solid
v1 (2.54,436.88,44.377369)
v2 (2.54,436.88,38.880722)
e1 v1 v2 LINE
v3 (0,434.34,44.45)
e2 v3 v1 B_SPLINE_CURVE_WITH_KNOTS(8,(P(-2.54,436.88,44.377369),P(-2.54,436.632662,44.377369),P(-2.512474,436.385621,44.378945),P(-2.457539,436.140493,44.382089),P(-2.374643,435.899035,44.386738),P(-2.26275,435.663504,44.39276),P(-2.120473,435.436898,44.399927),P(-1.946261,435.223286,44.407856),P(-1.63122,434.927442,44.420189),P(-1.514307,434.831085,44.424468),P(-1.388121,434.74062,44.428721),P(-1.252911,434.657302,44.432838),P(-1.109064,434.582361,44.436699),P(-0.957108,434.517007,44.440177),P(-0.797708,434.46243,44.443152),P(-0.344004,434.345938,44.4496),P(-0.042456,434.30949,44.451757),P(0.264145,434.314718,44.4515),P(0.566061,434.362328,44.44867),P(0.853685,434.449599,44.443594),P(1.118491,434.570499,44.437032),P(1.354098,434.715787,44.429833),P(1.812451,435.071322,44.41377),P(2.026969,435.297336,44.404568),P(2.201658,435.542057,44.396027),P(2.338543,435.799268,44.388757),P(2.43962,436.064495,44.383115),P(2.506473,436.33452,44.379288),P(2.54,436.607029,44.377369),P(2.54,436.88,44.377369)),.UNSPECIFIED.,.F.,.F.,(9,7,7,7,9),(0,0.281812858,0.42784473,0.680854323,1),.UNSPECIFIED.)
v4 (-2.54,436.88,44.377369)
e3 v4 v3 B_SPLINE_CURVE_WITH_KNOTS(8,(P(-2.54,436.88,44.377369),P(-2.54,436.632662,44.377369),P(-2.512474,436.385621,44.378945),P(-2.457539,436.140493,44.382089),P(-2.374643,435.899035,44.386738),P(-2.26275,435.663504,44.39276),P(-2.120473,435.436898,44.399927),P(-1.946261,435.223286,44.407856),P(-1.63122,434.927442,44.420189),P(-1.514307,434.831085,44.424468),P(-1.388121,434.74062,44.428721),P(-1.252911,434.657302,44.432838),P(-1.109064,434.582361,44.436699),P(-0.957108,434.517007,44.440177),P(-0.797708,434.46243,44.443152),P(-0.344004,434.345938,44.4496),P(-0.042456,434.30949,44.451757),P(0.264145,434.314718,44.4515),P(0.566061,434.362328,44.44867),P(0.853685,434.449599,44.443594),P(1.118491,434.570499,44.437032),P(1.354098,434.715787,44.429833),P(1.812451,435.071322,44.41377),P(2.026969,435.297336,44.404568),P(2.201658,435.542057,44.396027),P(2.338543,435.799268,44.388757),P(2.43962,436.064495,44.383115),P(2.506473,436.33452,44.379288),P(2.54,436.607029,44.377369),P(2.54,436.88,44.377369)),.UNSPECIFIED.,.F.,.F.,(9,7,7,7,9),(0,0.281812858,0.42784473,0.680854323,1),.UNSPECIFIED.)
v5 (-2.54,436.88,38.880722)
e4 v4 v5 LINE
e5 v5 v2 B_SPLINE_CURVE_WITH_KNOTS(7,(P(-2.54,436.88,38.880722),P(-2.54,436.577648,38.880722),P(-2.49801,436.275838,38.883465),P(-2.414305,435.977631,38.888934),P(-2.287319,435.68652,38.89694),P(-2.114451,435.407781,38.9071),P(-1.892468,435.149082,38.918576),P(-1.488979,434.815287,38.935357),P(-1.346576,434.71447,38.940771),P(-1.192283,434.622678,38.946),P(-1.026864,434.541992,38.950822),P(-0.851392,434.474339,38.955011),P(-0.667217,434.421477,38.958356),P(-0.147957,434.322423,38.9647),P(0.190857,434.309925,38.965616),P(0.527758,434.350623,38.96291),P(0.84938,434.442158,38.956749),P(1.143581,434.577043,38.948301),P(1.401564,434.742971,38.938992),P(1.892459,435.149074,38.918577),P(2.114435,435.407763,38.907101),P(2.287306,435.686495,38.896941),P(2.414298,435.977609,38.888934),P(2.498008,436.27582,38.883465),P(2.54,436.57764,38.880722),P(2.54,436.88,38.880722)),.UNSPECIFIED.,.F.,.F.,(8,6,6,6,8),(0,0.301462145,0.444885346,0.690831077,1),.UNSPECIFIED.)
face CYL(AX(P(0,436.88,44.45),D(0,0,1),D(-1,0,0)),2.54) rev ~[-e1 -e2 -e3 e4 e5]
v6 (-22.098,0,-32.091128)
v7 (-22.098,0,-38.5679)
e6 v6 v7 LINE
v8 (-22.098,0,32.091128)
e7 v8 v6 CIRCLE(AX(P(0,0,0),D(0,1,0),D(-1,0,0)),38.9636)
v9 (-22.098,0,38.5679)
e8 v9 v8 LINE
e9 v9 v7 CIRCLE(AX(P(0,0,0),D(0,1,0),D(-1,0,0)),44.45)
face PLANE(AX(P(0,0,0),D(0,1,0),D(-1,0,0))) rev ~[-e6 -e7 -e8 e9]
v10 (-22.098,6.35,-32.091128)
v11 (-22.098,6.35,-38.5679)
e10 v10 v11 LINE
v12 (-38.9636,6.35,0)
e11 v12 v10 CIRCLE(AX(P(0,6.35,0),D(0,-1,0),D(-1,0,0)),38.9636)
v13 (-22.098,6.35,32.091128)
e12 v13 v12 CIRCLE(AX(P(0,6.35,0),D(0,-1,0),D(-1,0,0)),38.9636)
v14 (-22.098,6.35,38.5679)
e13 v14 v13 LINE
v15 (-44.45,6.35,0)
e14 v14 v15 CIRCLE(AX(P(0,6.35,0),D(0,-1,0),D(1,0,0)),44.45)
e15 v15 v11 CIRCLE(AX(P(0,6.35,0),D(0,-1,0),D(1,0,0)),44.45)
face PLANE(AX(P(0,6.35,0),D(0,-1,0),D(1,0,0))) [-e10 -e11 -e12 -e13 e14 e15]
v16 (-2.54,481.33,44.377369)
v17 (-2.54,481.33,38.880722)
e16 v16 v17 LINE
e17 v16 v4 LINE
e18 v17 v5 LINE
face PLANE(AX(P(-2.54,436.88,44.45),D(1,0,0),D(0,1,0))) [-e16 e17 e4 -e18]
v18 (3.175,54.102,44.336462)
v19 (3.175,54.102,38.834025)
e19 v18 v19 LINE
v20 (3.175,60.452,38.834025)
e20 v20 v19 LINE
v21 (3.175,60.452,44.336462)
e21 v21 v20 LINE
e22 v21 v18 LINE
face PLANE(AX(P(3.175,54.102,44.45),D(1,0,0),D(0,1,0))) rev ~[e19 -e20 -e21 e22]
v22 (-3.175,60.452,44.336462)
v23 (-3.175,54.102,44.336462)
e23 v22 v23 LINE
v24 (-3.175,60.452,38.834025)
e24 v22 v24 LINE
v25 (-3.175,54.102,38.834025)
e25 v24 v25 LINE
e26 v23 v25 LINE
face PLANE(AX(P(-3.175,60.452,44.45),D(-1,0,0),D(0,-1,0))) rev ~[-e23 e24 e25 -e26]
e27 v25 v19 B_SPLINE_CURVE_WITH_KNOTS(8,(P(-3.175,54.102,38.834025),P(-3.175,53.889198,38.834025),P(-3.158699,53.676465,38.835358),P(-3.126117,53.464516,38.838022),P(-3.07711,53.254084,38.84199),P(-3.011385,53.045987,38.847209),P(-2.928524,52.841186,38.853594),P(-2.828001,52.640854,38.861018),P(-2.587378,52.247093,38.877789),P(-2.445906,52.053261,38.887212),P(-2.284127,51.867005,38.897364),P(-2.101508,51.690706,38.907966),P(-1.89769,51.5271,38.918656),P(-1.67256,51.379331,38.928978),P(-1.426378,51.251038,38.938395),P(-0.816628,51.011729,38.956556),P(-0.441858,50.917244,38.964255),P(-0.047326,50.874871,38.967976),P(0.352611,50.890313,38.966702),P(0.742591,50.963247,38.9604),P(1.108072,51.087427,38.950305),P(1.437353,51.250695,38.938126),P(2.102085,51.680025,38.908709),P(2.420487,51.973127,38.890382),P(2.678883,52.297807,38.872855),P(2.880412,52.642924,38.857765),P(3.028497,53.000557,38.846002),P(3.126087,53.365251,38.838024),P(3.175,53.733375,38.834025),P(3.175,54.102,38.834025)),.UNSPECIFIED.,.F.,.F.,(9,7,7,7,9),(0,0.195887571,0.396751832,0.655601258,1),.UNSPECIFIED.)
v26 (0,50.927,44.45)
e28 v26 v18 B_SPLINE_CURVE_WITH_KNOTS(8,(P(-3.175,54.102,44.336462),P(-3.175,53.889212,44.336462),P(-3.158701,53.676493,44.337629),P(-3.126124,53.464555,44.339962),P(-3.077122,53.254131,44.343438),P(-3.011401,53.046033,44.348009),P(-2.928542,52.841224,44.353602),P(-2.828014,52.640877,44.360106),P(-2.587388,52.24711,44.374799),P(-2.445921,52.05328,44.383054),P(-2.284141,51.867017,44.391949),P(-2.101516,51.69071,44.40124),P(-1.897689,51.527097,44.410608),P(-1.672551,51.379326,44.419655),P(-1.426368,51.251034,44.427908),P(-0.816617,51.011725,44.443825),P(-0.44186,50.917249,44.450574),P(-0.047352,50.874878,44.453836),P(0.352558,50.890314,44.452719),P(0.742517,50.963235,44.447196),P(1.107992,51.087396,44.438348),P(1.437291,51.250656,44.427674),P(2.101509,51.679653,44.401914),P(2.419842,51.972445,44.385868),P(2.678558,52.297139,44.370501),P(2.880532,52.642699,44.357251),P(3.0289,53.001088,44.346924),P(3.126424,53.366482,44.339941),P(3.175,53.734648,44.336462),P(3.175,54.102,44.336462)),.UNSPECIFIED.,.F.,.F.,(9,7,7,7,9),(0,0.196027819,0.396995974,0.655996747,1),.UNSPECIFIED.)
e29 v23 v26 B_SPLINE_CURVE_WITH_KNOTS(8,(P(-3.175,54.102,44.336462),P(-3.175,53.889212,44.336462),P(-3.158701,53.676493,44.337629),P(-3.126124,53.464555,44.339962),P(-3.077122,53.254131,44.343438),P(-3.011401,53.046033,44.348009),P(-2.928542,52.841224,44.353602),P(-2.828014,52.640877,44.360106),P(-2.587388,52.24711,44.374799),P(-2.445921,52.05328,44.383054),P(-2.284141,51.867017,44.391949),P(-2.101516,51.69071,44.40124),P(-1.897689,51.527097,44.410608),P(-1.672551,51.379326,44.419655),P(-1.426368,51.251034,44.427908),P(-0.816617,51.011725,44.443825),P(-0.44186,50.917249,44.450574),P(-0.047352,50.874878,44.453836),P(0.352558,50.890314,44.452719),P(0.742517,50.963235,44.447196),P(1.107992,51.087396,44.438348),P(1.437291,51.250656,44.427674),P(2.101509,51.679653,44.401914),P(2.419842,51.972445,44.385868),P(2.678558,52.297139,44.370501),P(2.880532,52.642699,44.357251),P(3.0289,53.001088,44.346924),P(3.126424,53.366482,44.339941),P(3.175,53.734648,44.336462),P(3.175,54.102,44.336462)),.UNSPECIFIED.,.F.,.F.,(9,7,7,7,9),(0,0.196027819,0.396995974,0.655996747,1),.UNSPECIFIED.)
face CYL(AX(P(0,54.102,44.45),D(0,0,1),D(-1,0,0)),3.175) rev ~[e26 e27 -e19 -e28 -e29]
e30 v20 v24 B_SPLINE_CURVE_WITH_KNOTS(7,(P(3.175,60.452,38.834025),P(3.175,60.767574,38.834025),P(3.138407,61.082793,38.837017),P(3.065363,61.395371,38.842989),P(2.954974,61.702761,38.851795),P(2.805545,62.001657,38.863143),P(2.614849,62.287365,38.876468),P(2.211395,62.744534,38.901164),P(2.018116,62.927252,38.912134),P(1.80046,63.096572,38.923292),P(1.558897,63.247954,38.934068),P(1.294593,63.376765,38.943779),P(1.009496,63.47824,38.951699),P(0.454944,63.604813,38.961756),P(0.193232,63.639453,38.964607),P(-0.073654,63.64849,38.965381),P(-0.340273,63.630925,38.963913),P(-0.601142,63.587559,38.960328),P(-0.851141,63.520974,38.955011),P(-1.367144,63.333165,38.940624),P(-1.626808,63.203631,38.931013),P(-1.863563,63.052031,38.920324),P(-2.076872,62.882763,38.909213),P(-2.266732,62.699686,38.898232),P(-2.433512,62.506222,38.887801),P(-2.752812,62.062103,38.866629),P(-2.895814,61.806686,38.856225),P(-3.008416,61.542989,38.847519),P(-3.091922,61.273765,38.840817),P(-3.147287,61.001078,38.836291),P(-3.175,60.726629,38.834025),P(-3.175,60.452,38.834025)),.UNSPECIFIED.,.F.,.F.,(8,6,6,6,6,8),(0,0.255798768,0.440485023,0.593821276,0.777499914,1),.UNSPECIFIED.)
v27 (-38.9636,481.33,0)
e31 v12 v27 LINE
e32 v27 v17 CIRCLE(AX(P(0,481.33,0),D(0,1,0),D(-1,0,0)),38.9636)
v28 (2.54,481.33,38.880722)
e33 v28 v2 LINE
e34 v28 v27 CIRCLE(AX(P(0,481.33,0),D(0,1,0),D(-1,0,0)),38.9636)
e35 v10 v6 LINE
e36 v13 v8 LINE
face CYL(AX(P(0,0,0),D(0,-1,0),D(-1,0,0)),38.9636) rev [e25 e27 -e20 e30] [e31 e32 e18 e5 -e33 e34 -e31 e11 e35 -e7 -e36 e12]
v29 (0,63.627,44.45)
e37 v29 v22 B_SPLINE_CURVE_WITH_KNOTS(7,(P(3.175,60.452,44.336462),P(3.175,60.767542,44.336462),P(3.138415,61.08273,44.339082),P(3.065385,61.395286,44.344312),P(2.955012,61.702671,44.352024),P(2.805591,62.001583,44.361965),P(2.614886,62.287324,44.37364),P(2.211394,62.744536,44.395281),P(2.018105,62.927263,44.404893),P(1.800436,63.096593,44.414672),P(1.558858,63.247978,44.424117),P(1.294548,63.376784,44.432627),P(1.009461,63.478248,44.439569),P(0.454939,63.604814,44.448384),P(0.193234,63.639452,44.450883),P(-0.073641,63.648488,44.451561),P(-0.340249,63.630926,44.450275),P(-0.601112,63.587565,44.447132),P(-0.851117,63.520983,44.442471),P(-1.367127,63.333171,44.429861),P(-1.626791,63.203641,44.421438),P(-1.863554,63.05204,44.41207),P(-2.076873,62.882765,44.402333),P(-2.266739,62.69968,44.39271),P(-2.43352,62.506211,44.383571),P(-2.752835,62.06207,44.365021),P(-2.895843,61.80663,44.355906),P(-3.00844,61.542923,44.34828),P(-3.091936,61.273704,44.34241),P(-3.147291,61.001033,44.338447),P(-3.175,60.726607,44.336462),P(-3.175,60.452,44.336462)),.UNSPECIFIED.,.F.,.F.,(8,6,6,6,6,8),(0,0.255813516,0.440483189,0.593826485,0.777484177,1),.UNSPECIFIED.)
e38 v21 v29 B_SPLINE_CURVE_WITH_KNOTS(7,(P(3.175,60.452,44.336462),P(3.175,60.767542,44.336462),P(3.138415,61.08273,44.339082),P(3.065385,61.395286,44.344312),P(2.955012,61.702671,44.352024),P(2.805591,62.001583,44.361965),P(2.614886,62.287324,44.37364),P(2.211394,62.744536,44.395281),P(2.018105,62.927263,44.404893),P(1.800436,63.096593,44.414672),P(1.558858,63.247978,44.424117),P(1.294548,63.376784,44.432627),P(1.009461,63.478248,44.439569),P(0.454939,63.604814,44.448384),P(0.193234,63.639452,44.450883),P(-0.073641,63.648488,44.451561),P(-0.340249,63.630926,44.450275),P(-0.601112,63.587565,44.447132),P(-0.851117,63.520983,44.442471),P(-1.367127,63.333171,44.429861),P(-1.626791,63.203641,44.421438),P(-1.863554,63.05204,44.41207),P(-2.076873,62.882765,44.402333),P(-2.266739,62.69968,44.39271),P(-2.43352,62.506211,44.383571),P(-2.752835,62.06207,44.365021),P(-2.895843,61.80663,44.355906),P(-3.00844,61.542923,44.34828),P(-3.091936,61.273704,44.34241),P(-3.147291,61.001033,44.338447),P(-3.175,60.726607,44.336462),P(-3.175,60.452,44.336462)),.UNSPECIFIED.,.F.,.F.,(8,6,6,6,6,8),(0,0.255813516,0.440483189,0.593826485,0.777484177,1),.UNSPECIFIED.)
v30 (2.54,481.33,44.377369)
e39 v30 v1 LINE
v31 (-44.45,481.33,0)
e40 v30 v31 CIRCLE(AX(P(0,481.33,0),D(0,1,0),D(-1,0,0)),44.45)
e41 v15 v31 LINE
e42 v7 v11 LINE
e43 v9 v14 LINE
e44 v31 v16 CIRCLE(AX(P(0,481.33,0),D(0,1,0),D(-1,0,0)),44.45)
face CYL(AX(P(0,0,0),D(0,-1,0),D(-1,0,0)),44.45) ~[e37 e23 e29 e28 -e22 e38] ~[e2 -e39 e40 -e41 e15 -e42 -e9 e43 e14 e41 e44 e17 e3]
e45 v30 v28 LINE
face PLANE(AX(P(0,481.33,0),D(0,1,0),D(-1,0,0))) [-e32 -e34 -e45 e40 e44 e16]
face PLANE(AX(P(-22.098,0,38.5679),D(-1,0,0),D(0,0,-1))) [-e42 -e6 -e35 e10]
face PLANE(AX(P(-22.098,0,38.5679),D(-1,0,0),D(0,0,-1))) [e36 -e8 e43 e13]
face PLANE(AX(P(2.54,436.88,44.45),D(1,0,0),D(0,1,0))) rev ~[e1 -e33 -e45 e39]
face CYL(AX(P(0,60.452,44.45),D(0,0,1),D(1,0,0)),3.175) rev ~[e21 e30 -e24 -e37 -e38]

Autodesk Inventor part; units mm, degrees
ref_plane "YZ Plane" through (0, 0, 0) normal (1, 0, 0) x (0, 1, 0)
ref_plane "XZ Plane" through (0, 0, 0) normal (0, 1, 0) x (-1, 0, 0)
sketch "Sketch1" plane through (0, 0, 0) normal (0, 1, 0) x (-1, 0, 0)
  circle A0 centre (0, 0) radius 44.45
  circle A1 centre (0, 0) radius 38.9636
  dimension "d0" = 88.9
  dimension "d1" = 5.4864
extrude "Extrusion1" add sketch "Sketch1" along normal blind 481.33
ref_plane "Work Plane1" through (0, 0, 44.45) normal (0, 0, 1) x (1, 0, 0)
sketch "Sketch2" plane through (0, 0, 44.45) normal (0, 0, 1) x (1, 0, 0)
  arc A0 (-2.54, 436.88) -> (2.54, 436.88) centre (0, 436.88) ccw
  line L0 (44.45, 481.33) -> (-44.45, 481.33) projected
  line L1 (-2.54, 436.88) -> (-2.54, 481.33)
  line L2 (2.54, 436.88) -> (2.54, 481.33)
  point P0 (0, 0)
  dimension "d5" = 44.45
  dimension "d6" = 5.08
extrude "Extrusion2" cut sketch "Sketch2" against normal blind 25.4
sketch "Sketch4" plane through (0, 0, 44.45) normal (0, 0, 1) x (1, 0, 0)
  line L0 (0, 54.102) -> (0, 60.452) construction
  line L1 (3.175, 54.102) -> (3.175, 60.452)
  line L2 (-3.175, 60.452) -> (-3.175, 54.102)
  arc A0 (-3.175, 54.102) -> (3.175, 54.102) centre (0, 54.102) ccw
  arc A1 (3.175, 60.452) -> (-3.175, 60.452) centre (0, 60.452) ccw
  point P0 (0, 0)
  point P1 (0, 57.277)
  dimension "d18" = 6.35
  dimension "d19" = 6.35
  dimension "d20" = 54.102
extrude "Extrusion3" cut sketch "Sketch4" against normal blind 25.4
sketch "Sketch5" plane through (0, 0, 0) normal (0, -1, 0) x (1, 0, 0)
  circle A0 centre (0, 0) radius 44.45 projected
  line L0 (-22.098, 38.5679) -> (-22.098, -38.5679)
  point P0 (-44.45, 0)
  dimension "d23" = 22.352
extrude "Extrusion4" cut sketch "Sketch5" against normal blind 6.35 contours L0 A0 picked at (-24.6172, 11.037)
properties part number "mast_paper"
